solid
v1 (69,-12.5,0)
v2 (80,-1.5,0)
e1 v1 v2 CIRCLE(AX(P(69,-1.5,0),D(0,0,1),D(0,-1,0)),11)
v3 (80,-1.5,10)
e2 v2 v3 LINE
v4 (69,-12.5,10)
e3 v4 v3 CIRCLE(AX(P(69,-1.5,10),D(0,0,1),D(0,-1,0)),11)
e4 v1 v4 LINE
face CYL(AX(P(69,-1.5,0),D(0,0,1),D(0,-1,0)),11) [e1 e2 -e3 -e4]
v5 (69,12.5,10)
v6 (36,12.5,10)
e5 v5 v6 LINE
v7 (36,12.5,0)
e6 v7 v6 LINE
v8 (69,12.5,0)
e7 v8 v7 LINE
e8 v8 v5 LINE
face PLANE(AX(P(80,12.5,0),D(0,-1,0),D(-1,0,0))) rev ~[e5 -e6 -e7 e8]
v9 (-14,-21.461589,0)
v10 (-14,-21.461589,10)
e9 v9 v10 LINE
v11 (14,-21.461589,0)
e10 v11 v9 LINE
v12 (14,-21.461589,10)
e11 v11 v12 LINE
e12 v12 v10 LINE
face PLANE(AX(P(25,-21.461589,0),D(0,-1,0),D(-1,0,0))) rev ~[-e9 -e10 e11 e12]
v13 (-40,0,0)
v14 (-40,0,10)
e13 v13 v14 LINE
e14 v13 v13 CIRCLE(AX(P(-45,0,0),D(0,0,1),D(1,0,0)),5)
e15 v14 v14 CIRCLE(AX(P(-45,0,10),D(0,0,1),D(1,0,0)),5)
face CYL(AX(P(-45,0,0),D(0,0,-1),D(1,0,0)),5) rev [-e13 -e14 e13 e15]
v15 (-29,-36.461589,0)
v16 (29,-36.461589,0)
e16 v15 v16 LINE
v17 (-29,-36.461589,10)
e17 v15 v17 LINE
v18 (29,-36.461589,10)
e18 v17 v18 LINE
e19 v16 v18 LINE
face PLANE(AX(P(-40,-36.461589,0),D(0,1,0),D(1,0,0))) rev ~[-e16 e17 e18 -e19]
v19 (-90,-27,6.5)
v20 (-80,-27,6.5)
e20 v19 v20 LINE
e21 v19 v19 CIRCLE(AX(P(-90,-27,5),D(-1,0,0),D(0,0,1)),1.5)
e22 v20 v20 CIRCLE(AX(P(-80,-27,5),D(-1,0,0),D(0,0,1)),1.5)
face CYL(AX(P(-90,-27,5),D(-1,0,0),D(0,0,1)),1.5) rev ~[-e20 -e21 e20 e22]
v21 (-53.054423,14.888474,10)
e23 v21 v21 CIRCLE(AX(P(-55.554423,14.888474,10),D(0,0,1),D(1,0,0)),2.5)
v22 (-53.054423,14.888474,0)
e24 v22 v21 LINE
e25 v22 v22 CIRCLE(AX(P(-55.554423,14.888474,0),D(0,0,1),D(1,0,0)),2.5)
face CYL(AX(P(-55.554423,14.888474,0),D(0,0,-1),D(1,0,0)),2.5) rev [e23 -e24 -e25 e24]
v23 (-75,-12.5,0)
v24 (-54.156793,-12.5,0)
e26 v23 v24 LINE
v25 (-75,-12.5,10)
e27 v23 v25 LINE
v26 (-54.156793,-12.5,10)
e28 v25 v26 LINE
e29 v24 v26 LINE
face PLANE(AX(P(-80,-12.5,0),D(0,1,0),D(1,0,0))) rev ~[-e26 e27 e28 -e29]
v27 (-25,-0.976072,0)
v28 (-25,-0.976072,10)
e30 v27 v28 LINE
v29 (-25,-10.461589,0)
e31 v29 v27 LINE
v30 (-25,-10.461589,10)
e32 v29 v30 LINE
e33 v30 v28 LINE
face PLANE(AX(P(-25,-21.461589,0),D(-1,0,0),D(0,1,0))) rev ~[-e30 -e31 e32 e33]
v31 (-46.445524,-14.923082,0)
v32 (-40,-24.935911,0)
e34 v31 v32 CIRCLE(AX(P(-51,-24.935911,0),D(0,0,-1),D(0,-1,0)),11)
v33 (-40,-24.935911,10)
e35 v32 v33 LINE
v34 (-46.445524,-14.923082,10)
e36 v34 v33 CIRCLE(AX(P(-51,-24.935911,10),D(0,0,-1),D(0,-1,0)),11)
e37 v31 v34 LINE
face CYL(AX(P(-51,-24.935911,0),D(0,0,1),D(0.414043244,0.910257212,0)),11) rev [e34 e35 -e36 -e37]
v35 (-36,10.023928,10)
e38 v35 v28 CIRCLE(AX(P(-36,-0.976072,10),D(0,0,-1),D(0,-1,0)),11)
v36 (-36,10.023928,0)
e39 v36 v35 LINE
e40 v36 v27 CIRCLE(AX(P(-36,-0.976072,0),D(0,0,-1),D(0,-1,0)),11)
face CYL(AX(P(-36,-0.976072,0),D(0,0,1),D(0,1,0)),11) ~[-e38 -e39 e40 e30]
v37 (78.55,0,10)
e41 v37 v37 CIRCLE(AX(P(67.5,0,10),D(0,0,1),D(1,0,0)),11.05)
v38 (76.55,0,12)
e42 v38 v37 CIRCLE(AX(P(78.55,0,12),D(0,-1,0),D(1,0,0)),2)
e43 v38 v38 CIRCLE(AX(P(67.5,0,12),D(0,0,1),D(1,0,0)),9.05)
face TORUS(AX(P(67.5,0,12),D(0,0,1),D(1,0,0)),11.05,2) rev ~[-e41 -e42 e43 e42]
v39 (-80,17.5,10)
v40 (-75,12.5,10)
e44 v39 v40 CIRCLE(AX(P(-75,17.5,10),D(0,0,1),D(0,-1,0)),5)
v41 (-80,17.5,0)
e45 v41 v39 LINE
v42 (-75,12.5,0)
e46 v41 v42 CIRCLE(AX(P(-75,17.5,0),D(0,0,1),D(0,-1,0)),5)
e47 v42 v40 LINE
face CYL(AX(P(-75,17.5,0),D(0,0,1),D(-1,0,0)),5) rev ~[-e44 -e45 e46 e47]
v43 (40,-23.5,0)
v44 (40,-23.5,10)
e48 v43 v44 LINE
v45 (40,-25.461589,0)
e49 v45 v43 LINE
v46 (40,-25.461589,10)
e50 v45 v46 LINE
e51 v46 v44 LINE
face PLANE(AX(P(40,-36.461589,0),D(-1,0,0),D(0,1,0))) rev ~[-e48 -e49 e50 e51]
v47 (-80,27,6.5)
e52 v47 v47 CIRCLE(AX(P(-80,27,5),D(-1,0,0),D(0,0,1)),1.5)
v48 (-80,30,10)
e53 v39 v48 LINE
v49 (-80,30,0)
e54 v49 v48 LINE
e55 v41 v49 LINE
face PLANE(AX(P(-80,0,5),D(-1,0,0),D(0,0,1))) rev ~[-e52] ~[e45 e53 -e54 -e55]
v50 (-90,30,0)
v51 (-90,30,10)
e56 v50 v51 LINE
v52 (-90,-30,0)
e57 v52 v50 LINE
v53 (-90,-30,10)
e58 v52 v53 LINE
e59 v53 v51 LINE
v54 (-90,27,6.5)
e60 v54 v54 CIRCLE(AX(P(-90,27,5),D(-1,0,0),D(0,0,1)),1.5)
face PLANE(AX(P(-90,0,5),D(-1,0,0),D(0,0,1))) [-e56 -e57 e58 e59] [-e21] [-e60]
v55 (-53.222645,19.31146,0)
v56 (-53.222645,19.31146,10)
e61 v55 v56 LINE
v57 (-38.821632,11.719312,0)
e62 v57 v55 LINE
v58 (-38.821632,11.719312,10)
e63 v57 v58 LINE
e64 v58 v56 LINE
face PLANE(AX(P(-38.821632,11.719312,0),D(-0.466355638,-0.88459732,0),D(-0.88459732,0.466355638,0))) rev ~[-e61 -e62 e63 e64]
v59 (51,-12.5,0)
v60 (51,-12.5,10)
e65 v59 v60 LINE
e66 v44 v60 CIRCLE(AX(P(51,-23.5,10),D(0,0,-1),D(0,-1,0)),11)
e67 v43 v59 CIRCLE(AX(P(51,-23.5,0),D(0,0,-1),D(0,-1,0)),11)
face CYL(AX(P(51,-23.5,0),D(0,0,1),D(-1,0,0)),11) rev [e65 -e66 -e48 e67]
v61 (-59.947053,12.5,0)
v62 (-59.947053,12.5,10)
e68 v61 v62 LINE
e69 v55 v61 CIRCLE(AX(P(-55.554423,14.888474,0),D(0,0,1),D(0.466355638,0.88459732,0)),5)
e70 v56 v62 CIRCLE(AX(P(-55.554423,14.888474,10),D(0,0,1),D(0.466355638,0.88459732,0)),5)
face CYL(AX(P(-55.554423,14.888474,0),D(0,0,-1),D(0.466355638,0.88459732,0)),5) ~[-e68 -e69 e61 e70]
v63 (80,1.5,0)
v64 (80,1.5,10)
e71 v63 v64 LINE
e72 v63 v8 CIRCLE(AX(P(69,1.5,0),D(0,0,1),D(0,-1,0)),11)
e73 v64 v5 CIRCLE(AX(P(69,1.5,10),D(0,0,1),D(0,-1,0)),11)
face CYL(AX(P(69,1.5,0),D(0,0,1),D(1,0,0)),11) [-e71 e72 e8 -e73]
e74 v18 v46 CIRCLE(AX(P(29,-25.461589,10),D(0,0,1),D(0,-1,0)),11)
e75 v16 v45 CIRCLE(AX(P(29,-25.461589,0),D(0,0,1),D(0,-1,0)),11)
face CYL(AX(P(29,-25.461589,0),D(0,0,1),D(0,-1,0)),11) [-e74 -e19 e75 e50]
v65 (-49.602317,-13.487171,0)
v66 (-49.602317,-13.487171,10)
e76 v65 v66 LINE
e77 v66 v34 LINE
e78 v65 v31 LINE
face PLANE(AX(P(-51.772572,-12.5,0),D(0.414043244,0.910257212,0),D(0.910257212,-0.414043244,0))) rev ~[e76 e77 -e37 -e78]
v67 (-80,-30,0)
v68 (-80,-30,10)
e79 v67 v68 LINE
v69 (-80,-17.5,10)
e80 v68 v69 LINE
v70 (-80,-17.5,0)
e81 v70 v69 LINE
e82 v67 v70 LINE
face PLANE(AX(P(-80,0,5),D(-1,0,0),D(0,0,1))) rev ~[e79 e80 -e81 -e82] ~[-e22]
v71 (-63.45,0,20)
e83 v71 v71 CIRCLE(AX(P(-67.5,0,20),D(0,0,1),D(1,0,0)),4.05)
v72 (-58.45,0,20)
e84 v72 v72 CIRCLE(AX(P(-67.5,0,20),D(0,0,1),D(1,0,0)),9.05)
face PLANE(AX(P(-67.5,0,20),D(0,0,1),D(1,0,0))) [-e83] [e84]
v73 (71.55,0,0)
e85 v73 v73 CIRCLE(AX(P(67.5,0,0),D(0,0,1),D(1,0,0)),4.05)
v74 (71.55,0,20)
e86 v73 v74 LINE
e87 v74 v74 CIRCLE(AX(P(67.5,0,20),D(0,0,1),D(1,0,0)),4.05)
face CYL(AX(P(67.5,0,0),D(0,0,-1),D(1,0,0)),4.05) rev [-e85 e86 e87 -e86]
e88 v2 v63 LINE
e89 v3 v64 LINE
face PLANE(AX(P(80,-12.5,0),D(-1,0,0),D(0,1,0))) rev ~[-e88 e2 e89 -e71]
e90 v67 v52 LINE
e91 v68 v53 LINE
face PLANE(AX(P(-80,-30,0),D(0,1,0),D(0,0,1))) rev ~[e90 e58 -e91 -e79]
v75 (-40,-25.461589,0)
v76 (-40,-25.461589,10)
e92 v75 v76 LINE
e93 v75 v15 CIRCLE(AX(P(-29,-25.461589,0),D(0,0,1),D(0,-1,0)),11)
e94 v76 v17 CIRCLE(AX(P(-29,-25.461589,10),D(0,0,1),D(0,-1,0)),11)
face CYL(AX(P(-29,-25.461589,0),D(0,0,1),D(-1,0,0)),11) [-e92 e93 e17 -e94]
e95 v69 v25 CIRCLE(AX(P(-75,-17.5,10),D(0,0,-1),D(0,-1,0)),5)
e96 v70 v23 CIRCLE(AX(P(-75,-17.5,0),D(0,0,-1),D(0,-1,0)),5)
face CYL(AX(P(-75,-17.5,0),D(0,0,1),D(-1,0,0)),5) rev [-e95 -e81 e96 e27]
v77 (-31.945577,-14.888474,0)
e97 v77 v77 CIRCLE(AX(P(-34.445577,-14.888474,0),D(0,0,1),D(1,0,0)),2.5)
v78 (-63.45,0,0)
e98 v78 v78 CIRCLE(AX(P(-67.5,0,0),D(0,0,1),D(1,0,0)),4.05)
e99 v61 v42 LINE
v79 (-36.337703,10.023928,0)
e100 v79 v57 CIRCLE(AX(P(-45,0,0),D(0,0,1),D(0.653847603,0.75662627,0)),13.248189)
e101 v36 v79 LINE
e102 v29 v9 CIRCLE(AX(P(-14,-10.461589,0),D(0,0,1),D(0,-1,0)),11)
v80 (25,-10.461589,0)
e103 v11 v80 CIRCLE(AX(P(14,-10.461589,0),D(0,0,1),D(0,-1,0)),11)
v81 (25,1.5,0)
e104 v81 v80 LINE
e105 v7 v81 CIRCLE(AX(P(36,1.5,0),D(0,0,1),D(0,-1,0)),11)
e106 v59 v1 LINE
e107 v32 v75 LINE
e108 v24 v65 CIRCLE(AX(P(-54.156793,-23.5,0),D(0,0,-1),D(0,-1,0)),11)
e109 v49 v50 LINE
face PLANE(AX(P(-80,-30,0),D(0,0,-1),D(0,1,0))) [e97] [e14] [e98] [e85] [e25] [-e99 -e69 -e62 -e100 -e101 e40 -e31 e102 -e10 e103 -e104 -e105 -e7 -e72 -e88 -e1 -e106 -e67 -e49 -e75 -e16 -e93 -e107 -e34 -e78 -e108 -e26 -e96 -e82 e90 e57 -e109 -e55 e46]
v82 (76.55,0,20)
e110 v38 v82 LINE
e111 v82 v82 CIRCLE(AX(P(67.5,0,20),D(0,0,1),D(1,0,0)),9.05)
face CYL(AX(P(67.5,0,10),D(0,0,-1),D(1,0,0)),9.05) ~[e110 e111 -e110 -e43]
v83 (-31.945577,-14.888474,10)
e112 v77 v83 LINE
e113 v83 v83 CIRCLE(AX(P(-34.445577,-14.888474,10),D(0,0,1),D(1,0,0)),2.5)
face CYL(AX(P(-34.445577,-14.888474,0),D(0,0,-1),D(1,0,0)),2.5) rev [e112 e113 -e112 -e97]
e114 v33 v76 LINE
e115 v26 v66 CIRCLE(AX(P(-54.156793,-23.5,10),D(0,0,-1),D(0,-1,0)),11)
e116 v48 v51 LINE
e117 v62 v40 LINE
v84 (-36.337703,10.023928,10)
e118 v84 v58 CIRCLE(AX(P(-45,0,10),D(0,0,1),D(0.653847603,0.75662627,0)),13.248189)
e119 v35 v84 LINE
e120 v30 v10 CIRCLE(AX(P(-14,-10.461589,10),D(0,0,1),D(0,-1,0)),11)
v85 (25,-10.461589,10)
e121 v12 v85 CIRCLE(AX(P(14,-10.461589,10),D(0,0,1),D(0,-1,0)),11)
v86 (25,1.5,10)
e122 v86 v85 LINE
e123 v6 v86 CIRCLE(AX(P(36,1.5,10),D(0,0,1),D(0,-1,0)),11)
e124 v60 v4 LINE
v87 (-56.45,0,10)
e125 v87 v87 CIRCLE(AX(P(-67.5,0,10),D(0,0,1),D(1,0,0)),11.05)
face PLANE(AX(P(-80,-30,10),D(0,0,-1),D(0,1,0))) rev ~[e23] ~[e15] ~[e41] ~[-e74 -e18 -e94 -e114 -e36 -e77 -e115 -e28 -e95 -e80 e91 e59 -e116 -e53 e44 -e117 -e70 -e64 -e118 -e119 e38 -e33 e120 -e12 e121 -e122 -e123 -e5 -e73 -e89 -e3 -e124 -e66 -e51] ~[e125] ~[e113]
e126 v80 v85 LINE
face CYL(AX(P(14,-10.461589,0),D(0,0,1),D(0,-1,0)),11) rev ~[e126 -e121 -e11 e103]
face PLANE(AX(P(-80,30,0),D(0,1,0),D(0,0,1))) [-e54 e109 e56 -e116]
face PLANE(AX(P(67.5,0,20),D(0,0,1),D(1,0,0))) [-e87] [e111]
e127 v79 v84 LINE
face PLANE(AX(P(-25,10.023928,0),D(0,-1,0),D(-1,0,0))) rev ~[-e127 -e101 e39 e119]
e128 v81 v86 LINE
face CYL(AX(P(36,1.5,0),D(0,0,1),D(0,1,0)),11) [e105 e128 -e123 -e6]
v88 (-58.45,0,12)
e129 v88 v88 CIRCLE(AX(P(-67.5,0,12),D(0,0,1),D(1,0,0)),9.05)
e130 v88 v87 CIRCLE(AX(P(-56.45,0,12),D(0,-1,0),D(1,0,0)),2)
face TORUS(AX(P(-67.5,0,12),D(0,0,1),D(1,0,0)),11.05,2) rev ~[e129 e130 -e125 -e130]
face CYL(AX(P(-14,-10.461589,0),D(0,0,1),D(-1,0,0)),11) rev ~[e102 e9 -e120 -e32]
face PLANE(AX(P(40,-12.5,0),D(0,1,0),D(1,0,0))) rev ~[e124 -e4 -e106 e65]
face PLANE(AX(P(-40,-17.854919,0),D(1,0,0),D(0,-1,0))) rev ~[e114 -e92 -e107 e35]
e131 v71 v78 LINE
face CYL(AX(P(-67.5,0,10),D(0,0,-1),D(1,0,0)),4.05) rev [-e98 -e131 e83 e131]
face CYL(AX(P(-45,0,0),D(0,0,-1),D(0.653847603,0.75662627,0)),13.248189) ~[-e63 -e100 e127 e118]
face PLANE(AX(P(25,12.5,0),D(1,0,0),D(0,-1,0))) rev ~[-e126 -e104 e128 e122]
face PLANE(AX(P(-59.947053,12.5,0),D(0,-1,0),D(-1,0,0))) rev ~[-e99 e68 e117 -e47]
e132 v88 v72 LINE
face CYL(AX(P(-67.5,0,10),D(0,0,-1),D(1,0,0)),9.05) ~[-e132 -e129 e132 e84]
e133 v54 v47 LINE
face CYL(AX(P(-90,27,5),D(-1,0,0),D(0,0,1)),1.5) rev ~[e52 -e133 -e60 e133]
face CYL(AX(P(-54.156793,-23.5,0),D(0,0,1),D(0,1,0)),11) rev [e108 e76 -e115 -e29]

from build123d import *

# Parameters (mm, degrees)
SKETCH1_R           = 4.05
SKETCH1_R_2         = 5
SKETCH1_R_3         = 2.5
BOSS_EXTRUDE1_DEPTH = 10
FILLET1_R           = 11
SKETCH2_R           = 9.05
SKETCH2_R_2         = 4.05
BOSS_EXTRUDE2_DEPTH = 10
FILLET2_R           = 2
SKETCH3_W           = 10
SKETCH3_H           = 60
BOSS_EXTRUDE3_DEPTH = 10
FILLET3_R           = 5
SKETCH4_R           = 1.5
CUT_EXTRUDE1_DEPTH  = 10


with BuildPart() as part:
    # Sketch1 → Boss-Extrude1 (new body)
    with BuildSketch(Plane.XY):
        with BuildLine():
            Line((-80, -12.5), (-51.772571723, -12.5))
            Line((-51.772571723, -12.5), (-40, -17.854919158))
            Line((-40, -17.854919158), (-40, -36.461589484))
            Line((-40, -36.461589484), (40, -36.461589484))
            Line((40, -36.461589484), (40, -12.5))
            Line((40, -12.5), (80, -12.5))
            Line((80, -12.5), (80, 12.5))
            Line((80, 12.5), (25, 12.5))
            Line((25, 12.5), (25, -21.461589484))
            Line((25, -21.461589484), (-25, -21.461589484))
            Line((-25, -21.461589484), (-25, 10.023927765))
            Line((-25, 10.023927765), (-36.337703419, 10.023927765))
            ThreePointArc((-36.337703419, 10.023927765), (-37.531405043, 10.942330613), (-38.821632397, 11.719312422))
            Line((-38.821632397, 11.719312422), (-53.222645277, 19.311460171))
            ThreePointArc((-53.222645277, 19.311460171), (-59.112621671, 18.401196951), (-59.947052977, 12.5))
            Line((-59.947052977, 12.5), (-80, 12.5))
            Line((-80, 12.5), (-80, -12.5))
        make_face()
        with Locations((-67.5, 0)):
            Circle(SKETCH1_R, mode=Mode.SUBTRACT)
        with Locations((67.5, 0)):
            Circle(SKETCH1_R, mode=Mode.SUBTRACT)
        with Locations((-45, 0)):
            Circle(SKETCH1_R_2, mode=Mode.SUBTRACT)
        with Locations((-34.445576532, -14.888473571)):
            Circle(SKETCH1_R_3, mode=Mode.SUBTRACT)
        with Locations((-55.554423468, 14.888473571)):
            Circle(SKETCH1_R_3, mode=Mode.SUBTRACT)
    extrude(amount=BOSS_EXTRUDE1_DEPTH)

    # Fillet1
    fillet1_edges = [part.edges().sort_by_distance(p)[0] for p in [
        (80, 12.5, 5),
        (80, -12.5, 5),
        (40, -12.5, 5),
        (40, -36.461589484, 5),
        (-40, -36.461589484, 5),
        (-40, -17.854919158, 5),
        (-51.772571723, -12.5, 5),
        (-25, 10.023927765, 5),
        (-25, -21.461589484, 5),
        (25, -21.461589484, 5),
        (25, 12.5, 5),
    ]]
    fillet(fillet1_edges, radius=FILLET1_R)

    # Sketch2 → Boss-Extrude2 (add)
    with BuildSketch(Plane.XY.offset(10)):
        with Locations((-67.5, 0)):
            Circle(SKETCH2_R)
        with Locations((-67.5, 0)):
            Circle(SKETCH2_R_2, mode=Mode.SUBTRACT)
        with Locations((67.5, 0)):
            Circle(SKETCH2_R)
        with Locations((67.5, 0)):
            Circle(SKETCH2_R_2, mode=Mode.SUBTRACT)
    extrude(amount=BOSS_EXTRUDE2_DEPTH)

    # Fillet2
    fillet2_edges = [part.edges().sort_by_distance(p)[0] for p in [
        (-76.55, 0, 10),
        (58.45, 0, 10),
    ]]
    fillet(fillet2_edges, radius=FILLET2_R)

    # Sketch3 → Boss-Extrude3 (add)
    with BuildSketch(Plane.ZY.offset(80)):
        with Locations((5, 0)):
            Rectangle(SKETCH3_W, SKETCH3_H)
    extrude(amount=BOSS_EXTRUDE3_DEPTH)

    # Fillet3
    fillet3_edges = [part.edges().sort_by_distance(p)[0] for p in [
        (-80, -12.5, 5),
        (-80, 12.5, 5),
    ]]
    fillet(fillet3_edges, radius=FILLET3_R)

    # Sketch4 → Cut-Extrude1 (cut)
    with BuildSketch(Plane.ZY.offset(90)):
        with Locations((5, 27)):
            Circle(SKETCH4_R)
        with Locations((5, -27)):
            Circle(SKETCH4_R)
    extrude(amount=-CUT_EXTRUDE1_DEPTH, mode=Mode.SUBTRACT)


solid = part.part
